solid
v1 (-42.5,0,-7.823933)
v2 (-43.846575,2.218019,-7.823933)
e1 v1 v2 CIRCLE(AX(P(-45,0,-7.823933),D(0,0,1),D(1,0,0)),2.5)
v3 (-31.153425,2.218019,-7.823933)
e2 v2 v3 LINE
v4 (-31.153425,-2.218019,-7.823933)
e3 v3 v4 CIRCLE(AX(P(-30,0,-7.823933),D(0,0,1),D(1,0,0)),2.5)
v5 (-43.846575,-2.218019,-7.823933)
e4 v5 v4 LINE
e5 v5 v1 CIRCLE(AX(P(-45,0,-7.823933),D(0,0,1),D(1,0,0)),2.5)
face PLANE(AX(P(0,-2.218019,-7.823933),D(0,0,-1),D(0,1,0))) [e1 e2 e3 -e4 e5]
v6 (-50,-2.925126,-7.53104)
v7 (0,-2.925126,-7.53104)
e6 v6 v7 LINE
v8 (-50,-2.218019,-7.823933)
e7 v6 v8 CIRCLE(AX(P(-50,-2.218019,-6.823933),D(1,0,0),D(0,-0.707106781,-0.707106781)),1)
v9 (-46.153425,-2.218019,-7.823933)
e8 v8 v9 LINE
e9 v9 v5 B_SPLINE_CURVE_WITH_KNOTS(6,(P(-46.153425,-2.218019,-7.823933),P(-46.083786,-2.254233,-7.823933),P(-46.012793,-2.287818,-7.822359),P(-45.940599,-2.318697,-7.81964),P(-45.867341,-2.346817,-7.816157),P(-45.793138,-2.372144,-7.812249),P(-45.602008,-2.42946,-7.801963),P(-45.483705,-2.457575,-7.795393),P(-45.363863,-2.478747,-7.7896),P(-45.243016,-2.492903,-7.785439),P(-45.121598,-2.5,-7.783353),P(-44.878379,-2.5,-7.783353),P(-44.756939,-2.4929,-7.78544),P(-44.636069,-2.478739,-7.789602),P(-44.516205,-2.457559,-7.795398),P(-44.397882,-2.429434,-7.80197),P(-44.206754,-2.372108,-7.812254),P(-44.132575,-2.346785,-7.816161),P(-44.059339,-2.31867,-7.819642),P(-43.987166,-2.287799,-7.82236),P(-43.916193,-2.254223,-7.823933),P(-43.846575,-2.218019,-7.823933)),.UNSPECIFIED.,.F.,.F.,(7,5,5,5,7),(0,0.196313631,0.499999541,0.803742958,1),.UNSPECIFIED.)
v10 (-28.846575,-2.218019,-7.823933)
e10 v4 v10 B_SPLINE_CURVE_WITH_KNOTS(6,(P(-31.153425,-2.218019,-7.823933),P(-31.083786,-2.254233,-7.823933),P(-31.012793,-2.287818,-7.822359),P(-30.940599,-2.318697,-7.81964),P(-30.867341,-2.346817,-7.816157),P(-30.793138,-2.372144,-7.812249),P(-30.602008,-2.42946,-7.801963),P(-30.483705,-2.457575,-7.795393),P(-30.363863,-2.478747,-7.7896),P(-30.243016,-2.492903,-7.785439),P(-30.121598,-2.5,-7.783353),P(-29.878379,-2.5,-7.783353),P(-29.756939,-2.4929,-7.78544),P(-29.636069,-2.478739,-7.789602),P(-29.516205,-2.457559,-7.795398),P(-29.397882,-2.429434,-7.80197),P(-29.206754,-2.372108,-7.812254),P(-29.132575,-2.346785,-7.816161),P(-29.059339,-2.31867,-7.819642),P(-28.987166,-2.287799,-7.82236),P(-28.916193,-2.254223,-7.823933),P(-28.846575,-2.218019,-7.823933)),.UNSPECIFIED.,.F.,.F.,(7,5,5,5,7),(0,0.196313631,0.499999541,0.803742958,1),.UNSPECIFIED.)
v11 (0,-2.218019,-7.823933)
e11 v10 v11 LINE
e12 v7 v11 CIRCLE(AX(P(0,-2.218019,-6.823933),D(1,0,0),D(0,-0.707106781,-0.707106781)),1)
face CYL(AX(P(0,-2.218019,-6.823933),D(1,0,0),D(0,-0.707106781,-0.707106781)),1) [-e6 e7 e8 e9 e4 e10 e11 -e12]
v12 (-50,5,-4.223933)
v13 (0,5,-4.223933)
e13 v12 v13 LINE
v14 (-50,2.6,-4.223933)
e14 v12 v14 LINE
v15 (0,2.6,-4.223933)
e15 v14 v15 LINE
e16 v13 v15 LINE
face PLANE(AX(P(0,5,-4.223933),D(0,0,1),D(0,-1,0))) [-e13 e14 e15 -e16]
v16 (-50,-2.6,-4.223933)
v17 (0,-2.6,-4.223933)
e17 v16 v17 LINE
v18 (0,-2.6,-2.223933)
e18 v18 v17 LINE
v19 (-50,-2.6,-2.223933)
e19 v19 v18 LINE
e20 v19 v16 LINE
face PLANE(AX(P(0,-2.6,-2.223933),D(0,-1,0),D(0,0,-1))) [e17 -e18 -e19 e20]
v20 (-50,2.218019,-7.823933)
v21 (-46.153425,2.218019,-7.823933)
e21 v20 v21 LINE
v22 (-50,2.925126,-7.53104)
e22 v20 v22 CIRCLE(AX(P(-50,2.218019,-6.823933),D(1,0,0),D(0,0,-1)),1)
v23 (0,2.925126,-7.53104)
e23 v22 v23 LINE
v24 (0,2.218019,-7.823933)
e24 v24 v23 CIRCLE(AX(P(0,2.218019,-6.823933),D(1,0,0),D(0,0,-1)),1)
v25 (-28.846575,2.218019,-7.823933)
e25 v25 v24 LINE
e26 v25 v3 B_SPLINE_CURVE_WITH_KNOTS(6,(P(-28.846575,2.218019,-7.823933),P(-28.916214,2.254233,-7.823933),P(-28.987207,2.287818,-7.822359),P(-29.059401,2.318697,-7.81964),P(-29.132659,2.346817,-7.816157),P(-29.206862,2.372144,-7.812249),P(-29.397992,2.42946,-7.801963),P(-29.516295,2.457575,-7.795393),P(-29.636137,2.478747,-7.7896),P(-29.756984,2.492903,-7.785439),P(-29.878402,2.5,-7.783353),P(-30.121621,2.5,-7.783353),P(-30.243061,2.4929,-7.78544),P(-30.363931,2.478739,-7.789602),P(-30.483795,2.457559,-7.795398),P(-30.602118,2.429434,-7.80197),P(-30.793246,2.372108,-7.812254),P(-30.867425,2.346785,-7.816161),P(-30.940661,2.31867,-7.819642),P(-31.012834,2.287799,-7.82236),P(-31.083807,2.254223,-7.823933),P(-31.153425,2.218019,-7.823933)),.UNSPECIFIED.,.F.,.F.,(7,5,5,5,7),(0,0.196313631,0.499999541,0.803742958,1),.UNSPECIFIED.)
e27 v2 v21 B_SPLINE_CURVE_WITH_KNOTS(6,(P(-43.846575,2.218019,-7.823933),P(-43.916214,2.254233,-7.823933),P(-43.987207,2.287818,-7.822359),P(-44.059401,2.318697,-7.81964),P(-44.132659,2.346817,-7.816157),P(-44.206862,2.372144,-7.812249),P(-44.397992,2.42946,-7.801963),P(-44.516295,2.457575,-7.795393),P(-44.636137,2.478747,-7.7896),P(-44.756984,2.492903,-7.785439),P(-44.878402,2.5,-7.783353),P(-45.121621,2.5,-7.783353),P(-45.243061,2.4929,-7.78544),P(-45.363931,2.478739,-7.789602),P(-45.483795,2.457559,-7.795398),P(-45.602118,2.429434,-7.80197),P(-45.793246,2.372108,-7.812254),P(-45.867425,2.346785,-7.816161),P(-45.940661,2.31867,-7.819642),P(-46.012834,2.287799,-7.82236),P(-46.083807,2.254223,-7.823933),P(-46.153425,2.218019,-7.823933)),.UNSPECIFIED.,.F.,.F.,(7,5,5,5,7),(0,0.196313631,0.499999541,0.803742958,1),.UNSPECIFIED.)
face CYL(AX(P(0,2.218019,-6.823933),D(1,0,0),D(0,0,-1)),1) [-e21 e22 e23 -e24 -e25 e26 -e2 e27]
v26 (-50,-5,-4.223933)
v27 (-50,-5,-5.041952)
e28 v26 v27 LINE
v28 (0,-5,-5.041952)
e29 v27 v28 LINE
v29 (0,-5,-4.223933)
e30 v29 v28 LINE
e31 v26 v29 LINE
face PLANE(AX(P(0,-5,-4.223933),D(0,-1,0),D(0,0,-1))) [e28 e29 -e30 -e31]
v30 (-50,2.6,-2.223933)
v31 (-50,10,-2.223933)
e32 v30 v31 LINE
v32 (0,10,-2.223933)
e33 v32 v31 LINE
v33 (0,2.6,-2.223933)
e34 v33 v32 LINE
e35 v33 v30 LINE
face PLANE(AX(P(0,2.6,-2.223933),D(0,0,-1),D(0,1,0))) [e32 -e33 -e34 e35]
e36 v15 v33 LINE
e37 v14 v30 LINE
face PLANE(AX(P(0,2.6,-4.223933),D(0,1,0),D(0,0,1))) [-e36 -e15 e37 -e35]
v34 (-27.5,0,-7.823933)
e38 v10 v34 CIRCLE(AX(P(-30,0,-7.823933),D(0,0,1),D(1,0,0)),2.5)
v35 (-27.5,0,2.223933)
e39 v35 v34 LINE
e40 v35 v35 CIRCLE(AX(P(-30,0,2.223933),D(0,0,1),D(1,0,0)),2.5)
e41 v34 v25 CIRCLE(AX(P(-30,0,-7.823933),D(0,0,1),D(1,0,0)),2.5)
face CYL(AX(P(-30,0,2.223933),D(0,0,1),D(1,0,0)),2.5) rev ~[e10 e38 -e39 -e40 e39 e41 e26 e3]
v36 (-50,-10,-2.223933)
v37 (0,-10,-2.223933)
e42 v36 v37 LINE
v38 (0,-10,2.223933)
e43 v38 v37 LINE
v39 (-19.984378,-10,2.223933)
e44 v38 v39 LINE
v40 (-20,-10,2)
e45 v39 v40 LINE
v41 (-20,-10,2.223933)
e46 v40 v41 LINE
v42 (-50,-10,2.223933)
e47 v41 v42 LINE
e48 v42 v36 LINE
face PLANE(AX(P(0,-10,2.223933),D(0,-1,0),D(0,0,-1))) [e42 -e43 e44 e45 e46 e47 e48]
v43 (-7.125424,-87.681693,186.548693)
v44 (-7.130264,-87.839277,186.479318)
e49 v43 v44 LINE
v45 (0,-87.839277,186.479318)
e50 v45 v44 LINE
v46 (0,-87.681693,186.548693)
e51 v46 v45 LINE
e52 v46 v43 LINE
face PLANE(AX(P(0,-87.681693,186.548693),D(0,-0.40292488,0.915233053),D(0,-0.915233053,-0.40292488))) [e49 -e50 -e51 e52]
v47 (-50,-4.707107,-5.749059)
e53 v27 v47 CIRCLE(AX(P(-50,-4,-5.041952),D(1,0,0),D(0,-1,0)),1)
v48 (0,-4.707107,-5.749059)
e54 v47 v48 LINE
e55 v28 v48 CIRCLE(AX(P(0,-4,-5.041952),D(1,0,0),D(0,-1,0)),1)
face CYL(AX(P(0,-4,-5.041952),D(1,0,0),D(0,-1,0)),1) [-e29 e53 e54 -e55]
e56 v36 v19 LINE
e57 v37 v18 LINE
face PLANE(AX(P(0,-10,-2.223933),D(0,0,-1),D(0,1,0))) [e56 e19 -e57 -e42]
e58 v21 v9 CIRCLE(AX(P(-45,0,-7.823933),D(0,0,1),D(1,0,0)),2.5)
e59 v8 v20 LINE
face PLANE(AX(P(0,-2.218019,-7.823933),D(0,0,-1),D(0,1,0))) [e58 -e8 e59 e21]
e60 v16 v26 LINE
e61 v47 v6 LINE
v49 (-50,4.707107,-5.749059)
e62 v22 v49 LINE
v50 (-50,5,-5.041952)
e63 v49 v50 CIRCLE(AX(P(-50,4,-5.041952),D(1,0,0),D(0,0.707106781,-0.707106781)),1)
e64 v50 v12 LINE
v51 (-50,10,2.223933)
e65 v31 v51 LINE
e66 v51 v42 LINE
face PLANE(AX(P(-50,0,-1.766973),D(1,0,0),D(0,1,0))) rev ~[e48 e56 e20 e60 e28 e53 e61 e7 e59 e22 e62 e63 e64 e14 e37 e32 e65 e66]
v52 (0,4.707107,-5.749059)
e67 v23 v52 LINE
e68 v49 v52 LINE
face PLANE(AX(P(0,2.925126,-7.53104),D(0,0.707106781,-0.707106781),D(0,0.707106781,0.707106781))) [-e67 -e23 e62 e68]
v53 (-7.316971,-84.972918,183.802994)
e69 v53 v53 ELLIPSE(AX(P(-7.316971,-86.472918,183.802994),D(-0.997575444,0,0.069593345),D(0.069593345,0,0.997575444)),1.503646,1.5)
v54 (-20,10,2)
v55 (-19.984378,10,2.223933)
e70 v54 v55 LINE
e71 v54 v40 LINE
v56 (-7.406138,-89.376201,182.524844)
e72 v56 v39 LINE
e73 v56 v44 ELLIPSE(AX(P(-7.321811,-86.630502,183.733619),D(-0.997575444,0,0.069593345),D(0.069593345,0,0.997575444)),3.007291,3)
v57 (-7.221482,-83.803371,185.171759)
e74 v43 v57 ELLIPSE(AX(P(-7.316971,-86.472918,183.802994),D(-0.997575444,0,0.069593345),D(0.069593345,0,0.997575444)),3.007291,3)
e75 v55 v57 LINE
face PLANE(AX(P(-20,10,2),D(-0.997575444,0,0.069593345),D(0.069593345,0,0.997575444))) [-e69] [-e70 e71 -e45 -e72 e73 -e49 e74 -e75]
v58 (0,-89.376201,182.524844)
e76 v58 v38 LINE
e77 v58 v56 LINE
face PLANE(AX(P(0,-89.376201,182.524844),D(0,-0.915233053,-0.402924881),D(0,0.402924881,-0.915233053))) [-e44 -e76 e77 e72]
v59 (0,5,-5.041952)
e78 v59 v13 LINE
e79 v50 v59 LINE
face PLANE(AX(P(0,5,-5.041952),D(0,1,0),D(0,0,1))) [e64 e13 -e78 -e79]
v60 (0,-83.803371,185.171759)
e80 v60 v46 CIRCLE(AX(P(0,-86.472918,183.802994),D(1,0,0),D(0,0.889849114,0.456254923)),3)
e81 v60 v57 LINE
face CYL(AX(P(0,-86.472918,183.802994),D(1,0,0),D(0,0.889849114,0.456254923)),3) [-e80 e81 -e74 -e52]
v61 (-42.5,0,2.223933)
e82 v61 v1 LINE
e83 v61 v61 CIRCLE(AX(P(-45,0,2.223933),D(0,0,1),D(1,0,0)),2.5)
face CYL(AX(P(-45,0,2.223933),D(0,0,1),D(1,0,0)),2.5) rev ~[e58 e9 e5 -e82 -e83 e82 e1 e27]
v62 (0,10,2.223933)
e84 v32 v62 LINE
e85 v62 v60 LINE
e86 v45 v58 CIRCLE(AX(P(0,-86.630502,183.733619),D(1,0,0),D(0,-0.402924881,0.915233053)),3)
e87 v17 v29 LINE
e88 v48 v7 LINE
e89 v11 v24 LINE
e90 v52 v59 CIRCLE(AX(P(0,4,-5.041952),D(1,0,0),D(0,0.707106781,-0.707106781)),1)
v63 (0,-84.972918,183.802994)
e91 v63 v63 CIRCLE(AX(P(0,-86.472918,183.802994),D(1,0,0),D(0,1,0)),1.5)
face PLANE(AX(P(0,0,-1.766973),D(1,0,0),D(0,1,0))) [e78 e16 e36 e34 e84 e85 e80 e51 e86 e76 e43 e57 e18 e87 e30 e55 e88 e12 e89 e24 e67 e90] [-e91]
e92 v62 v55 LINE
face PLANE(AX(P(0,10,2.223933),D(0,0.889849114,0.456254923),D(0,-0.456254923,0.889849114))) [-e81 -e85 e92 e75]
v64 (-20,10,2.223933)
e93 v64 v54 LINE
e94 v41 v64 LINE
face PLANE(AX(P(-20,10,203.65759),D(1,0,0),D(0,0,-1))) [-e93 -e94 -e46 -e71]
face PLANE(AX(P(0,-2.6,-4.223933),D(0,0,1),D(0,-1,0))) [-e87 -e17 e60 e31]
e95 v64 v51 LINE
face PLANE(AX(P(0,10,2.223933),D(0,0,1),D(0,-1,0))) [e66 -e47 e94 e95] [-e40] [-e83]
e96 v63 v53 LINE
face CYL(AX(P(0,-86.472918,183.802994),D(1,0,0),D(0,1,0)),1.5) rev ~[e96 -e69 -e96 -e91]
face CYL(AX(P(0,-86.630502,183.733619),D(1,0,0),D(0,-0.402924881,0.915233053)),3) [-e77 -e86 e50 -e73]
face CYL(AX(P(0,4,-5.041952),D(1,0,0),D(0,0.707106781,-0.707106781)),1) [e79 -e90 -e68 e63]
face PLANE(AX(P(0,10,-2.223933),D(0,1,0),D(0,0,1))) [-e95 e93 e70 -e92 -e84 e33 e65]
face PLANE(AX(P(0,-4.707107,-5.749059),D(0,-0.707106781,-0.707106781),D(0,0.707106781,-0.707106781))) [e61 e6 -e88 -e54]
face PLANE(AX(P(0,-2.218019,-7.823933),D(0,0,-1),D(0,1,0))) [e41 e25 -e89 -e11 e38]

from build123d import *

# Parameters (mm, degrees)
F1_DEPTH = 50
F2_DEPTH = 20
F5_DEPTH = 99.6315023101
F6_R     = 1.5
F7_DEPTH = 7.4226145035
F8_R     = 2.5
F9_DEPTH = 10.0478655756


with BuildPart() as f1:
    # F0 (on Right) → F1 (new body)
    with BuildSketch(Plane.YZ):
        with BuildLine():
            Line((10, -2.2239327878), (10, 2.2239327878))
            Line((10, 2.2239327878), (-10, 2.2239327878))
            Line((-10, 2.2239327878), (-10, -2.2239327878))
            Line((-10, -2.2239327878), (-2.6, -2.2239327878))
            Line((-2.6, -2.2239327878), (-2.6, -4.2239327878))
            Line((-2.6, -4.2239327878), (-5, -4.2239327878))
            Line((-5, -4.2239327878), (-5, -5.0419522724))
            ThreePointArc((-5, -5.0419522724), (-4.9238795325, -5.4246357048), (-4.7071067812, -5.7490590536))
            Line((-4.7071067812, -5.7490590536), (-2.9251262658, -7.531039569))
            ThreePointArc((-2.9251262658, -7.531039569), (-2.600702917, -7.7478123203), (-2.2180194847, -7.8239327878))
            Line((-2.2180194847, -7.8239327878), (2.2180194847, -7.8239327878))
            ThreePointArc((2.2180194847, -7.8239327878), (2.600702917, -7.7478123203), (2.9251262658, -7.531039569))
            Line((2.9251262658, -7.531039569), (4.7071067812, -5.7490590536))
            ThreePointArc((4.7071067812, -5.7490590536), (4.9238795325, -5.4246357048), (5, -5.0419522724))
            Line((5, -5.0419522724), (5, -4.2239327878))
            Line((5, -4.2239327878), (2.6, -4.2239327878))
            Line((2.6, -4.2239327878), (2.6, -2.2239327878))
            Line((2.6, -2.2239327878), (10, -2.2239327878))
        make_face()
    extrude(amount=-F1_DEPTH)

    # F0 (on Right) → F2 (join)
    with BuildSketch(Plane.YZ):
        with BuildLine():
            Line((10, -2.2239327878), (10, 2.2239327878))
            Line((10, 2.2239327878), (-10, 2.2239327878))
            Line((-10, 2.2239327878), (-10, -2.2239327878))
            Line((-10, -2.2239327878), (-2.6, -2.2239327878))
            Line((-2.6, -2.2239327878), (-2.6, -4.2239327878))
            Line((-2.6, -4.2239327878), (-5, -4.2239327878))
            Line((-5, -4.2239327878), (-5, -5.0419522724))
            ThreePointArc((-5, -5.0419522724), (-4.9238795325, -5.4246357048), (-4.7071067812, -5.7490590536))
            Line((-4.7071067812, -5.7490590536), (-2.9251262658, -7.531039569))
            ThreePointArc((-2.9251262658, -7.531039569), (-2.600702917, -7.7478123203), (-2.2180194847, -7.8239327878))
            Line((-2.2180194847, -7.8239327878), (2.2180194847, -7.8239327878))
            ThreePointArc((2.2180194847, -7.8239327878), (2.600702917, -7.7478123203), (2.9251262658, -7.531039569))
            Line((2.9251262658, -7.531039569), (4.7071067812, -5.7490590536))
            ThreePointArc((4.7071067812, -5.7490590536), (4.9238795325, -5.4246357048), (5, -5.0419522724))
            Line((5, -5.0419522724), (5, -4.2239327878))
            Line((5, -4.2239327878), (2.6, -4.2239327878))
            Line((2.6, -4.2239327878), (2.6, -2.2239327878))
            Line((2.6, -2.2239327878), (10, -2.2239327878))
        make_face()
        with BuildLine():
            Line((-10, 2.2239327878), (10, 2.2239327878))
            Line((10, 2.2239327878), (-83.8033707131, 185.1717589215))
            ThreePointArc((-83.8033707131, 185.1717589215), (-85.4691993199, 186.6301037549), (-87.6816926961, 186.5486933108))
            Line((-87.6816926961, 186.5486933108), (-87.8392769518, 186.4793179564))
            ThreePointArc((-87.8392769518, 186.4793179564), (-89.4267375498, 184.8203885461), (-89.376201468, 182.5248441568))
            Line((-89.376201468, 182.5248441568), (-10, 2.2239327878))
        make_face()
    extrude(amount=-F2_DEPTH)

    # F4 (on offset) → F5 (cut, through all)
    with BuildSketch(Plane.XZ.offset(-10)):
        Polygon((-20, 203.6575904285), (-20, 2), (-6, 202.6809155941), align=None)
    extrude(amount=F5_DEPTH, mode=Mode.SUBTRACT)

    # F6 (on face) → F7 (cut, through all)
    with BuildSketch(Plane.YZ):
        with Locations((-86.4729180545, 183.8029941528)):
            Circle(F6_R)
    extrude(amount=-F7_DEPTH, mode=Mode.SUBTRACT)

    # F8 (on face) → F9 (cut, through all)
    with BuildSketch(Plane.XY.offset(2.2239327878)):
        with Locations((-45, 0)):
            Circle(F8_R)
        with Locations((-30, 0)):
            Circle(F8_R)
    extrude(amount=-F9_DEPTH, mode=Mode.SUBTRACT)


solid = f1.part
